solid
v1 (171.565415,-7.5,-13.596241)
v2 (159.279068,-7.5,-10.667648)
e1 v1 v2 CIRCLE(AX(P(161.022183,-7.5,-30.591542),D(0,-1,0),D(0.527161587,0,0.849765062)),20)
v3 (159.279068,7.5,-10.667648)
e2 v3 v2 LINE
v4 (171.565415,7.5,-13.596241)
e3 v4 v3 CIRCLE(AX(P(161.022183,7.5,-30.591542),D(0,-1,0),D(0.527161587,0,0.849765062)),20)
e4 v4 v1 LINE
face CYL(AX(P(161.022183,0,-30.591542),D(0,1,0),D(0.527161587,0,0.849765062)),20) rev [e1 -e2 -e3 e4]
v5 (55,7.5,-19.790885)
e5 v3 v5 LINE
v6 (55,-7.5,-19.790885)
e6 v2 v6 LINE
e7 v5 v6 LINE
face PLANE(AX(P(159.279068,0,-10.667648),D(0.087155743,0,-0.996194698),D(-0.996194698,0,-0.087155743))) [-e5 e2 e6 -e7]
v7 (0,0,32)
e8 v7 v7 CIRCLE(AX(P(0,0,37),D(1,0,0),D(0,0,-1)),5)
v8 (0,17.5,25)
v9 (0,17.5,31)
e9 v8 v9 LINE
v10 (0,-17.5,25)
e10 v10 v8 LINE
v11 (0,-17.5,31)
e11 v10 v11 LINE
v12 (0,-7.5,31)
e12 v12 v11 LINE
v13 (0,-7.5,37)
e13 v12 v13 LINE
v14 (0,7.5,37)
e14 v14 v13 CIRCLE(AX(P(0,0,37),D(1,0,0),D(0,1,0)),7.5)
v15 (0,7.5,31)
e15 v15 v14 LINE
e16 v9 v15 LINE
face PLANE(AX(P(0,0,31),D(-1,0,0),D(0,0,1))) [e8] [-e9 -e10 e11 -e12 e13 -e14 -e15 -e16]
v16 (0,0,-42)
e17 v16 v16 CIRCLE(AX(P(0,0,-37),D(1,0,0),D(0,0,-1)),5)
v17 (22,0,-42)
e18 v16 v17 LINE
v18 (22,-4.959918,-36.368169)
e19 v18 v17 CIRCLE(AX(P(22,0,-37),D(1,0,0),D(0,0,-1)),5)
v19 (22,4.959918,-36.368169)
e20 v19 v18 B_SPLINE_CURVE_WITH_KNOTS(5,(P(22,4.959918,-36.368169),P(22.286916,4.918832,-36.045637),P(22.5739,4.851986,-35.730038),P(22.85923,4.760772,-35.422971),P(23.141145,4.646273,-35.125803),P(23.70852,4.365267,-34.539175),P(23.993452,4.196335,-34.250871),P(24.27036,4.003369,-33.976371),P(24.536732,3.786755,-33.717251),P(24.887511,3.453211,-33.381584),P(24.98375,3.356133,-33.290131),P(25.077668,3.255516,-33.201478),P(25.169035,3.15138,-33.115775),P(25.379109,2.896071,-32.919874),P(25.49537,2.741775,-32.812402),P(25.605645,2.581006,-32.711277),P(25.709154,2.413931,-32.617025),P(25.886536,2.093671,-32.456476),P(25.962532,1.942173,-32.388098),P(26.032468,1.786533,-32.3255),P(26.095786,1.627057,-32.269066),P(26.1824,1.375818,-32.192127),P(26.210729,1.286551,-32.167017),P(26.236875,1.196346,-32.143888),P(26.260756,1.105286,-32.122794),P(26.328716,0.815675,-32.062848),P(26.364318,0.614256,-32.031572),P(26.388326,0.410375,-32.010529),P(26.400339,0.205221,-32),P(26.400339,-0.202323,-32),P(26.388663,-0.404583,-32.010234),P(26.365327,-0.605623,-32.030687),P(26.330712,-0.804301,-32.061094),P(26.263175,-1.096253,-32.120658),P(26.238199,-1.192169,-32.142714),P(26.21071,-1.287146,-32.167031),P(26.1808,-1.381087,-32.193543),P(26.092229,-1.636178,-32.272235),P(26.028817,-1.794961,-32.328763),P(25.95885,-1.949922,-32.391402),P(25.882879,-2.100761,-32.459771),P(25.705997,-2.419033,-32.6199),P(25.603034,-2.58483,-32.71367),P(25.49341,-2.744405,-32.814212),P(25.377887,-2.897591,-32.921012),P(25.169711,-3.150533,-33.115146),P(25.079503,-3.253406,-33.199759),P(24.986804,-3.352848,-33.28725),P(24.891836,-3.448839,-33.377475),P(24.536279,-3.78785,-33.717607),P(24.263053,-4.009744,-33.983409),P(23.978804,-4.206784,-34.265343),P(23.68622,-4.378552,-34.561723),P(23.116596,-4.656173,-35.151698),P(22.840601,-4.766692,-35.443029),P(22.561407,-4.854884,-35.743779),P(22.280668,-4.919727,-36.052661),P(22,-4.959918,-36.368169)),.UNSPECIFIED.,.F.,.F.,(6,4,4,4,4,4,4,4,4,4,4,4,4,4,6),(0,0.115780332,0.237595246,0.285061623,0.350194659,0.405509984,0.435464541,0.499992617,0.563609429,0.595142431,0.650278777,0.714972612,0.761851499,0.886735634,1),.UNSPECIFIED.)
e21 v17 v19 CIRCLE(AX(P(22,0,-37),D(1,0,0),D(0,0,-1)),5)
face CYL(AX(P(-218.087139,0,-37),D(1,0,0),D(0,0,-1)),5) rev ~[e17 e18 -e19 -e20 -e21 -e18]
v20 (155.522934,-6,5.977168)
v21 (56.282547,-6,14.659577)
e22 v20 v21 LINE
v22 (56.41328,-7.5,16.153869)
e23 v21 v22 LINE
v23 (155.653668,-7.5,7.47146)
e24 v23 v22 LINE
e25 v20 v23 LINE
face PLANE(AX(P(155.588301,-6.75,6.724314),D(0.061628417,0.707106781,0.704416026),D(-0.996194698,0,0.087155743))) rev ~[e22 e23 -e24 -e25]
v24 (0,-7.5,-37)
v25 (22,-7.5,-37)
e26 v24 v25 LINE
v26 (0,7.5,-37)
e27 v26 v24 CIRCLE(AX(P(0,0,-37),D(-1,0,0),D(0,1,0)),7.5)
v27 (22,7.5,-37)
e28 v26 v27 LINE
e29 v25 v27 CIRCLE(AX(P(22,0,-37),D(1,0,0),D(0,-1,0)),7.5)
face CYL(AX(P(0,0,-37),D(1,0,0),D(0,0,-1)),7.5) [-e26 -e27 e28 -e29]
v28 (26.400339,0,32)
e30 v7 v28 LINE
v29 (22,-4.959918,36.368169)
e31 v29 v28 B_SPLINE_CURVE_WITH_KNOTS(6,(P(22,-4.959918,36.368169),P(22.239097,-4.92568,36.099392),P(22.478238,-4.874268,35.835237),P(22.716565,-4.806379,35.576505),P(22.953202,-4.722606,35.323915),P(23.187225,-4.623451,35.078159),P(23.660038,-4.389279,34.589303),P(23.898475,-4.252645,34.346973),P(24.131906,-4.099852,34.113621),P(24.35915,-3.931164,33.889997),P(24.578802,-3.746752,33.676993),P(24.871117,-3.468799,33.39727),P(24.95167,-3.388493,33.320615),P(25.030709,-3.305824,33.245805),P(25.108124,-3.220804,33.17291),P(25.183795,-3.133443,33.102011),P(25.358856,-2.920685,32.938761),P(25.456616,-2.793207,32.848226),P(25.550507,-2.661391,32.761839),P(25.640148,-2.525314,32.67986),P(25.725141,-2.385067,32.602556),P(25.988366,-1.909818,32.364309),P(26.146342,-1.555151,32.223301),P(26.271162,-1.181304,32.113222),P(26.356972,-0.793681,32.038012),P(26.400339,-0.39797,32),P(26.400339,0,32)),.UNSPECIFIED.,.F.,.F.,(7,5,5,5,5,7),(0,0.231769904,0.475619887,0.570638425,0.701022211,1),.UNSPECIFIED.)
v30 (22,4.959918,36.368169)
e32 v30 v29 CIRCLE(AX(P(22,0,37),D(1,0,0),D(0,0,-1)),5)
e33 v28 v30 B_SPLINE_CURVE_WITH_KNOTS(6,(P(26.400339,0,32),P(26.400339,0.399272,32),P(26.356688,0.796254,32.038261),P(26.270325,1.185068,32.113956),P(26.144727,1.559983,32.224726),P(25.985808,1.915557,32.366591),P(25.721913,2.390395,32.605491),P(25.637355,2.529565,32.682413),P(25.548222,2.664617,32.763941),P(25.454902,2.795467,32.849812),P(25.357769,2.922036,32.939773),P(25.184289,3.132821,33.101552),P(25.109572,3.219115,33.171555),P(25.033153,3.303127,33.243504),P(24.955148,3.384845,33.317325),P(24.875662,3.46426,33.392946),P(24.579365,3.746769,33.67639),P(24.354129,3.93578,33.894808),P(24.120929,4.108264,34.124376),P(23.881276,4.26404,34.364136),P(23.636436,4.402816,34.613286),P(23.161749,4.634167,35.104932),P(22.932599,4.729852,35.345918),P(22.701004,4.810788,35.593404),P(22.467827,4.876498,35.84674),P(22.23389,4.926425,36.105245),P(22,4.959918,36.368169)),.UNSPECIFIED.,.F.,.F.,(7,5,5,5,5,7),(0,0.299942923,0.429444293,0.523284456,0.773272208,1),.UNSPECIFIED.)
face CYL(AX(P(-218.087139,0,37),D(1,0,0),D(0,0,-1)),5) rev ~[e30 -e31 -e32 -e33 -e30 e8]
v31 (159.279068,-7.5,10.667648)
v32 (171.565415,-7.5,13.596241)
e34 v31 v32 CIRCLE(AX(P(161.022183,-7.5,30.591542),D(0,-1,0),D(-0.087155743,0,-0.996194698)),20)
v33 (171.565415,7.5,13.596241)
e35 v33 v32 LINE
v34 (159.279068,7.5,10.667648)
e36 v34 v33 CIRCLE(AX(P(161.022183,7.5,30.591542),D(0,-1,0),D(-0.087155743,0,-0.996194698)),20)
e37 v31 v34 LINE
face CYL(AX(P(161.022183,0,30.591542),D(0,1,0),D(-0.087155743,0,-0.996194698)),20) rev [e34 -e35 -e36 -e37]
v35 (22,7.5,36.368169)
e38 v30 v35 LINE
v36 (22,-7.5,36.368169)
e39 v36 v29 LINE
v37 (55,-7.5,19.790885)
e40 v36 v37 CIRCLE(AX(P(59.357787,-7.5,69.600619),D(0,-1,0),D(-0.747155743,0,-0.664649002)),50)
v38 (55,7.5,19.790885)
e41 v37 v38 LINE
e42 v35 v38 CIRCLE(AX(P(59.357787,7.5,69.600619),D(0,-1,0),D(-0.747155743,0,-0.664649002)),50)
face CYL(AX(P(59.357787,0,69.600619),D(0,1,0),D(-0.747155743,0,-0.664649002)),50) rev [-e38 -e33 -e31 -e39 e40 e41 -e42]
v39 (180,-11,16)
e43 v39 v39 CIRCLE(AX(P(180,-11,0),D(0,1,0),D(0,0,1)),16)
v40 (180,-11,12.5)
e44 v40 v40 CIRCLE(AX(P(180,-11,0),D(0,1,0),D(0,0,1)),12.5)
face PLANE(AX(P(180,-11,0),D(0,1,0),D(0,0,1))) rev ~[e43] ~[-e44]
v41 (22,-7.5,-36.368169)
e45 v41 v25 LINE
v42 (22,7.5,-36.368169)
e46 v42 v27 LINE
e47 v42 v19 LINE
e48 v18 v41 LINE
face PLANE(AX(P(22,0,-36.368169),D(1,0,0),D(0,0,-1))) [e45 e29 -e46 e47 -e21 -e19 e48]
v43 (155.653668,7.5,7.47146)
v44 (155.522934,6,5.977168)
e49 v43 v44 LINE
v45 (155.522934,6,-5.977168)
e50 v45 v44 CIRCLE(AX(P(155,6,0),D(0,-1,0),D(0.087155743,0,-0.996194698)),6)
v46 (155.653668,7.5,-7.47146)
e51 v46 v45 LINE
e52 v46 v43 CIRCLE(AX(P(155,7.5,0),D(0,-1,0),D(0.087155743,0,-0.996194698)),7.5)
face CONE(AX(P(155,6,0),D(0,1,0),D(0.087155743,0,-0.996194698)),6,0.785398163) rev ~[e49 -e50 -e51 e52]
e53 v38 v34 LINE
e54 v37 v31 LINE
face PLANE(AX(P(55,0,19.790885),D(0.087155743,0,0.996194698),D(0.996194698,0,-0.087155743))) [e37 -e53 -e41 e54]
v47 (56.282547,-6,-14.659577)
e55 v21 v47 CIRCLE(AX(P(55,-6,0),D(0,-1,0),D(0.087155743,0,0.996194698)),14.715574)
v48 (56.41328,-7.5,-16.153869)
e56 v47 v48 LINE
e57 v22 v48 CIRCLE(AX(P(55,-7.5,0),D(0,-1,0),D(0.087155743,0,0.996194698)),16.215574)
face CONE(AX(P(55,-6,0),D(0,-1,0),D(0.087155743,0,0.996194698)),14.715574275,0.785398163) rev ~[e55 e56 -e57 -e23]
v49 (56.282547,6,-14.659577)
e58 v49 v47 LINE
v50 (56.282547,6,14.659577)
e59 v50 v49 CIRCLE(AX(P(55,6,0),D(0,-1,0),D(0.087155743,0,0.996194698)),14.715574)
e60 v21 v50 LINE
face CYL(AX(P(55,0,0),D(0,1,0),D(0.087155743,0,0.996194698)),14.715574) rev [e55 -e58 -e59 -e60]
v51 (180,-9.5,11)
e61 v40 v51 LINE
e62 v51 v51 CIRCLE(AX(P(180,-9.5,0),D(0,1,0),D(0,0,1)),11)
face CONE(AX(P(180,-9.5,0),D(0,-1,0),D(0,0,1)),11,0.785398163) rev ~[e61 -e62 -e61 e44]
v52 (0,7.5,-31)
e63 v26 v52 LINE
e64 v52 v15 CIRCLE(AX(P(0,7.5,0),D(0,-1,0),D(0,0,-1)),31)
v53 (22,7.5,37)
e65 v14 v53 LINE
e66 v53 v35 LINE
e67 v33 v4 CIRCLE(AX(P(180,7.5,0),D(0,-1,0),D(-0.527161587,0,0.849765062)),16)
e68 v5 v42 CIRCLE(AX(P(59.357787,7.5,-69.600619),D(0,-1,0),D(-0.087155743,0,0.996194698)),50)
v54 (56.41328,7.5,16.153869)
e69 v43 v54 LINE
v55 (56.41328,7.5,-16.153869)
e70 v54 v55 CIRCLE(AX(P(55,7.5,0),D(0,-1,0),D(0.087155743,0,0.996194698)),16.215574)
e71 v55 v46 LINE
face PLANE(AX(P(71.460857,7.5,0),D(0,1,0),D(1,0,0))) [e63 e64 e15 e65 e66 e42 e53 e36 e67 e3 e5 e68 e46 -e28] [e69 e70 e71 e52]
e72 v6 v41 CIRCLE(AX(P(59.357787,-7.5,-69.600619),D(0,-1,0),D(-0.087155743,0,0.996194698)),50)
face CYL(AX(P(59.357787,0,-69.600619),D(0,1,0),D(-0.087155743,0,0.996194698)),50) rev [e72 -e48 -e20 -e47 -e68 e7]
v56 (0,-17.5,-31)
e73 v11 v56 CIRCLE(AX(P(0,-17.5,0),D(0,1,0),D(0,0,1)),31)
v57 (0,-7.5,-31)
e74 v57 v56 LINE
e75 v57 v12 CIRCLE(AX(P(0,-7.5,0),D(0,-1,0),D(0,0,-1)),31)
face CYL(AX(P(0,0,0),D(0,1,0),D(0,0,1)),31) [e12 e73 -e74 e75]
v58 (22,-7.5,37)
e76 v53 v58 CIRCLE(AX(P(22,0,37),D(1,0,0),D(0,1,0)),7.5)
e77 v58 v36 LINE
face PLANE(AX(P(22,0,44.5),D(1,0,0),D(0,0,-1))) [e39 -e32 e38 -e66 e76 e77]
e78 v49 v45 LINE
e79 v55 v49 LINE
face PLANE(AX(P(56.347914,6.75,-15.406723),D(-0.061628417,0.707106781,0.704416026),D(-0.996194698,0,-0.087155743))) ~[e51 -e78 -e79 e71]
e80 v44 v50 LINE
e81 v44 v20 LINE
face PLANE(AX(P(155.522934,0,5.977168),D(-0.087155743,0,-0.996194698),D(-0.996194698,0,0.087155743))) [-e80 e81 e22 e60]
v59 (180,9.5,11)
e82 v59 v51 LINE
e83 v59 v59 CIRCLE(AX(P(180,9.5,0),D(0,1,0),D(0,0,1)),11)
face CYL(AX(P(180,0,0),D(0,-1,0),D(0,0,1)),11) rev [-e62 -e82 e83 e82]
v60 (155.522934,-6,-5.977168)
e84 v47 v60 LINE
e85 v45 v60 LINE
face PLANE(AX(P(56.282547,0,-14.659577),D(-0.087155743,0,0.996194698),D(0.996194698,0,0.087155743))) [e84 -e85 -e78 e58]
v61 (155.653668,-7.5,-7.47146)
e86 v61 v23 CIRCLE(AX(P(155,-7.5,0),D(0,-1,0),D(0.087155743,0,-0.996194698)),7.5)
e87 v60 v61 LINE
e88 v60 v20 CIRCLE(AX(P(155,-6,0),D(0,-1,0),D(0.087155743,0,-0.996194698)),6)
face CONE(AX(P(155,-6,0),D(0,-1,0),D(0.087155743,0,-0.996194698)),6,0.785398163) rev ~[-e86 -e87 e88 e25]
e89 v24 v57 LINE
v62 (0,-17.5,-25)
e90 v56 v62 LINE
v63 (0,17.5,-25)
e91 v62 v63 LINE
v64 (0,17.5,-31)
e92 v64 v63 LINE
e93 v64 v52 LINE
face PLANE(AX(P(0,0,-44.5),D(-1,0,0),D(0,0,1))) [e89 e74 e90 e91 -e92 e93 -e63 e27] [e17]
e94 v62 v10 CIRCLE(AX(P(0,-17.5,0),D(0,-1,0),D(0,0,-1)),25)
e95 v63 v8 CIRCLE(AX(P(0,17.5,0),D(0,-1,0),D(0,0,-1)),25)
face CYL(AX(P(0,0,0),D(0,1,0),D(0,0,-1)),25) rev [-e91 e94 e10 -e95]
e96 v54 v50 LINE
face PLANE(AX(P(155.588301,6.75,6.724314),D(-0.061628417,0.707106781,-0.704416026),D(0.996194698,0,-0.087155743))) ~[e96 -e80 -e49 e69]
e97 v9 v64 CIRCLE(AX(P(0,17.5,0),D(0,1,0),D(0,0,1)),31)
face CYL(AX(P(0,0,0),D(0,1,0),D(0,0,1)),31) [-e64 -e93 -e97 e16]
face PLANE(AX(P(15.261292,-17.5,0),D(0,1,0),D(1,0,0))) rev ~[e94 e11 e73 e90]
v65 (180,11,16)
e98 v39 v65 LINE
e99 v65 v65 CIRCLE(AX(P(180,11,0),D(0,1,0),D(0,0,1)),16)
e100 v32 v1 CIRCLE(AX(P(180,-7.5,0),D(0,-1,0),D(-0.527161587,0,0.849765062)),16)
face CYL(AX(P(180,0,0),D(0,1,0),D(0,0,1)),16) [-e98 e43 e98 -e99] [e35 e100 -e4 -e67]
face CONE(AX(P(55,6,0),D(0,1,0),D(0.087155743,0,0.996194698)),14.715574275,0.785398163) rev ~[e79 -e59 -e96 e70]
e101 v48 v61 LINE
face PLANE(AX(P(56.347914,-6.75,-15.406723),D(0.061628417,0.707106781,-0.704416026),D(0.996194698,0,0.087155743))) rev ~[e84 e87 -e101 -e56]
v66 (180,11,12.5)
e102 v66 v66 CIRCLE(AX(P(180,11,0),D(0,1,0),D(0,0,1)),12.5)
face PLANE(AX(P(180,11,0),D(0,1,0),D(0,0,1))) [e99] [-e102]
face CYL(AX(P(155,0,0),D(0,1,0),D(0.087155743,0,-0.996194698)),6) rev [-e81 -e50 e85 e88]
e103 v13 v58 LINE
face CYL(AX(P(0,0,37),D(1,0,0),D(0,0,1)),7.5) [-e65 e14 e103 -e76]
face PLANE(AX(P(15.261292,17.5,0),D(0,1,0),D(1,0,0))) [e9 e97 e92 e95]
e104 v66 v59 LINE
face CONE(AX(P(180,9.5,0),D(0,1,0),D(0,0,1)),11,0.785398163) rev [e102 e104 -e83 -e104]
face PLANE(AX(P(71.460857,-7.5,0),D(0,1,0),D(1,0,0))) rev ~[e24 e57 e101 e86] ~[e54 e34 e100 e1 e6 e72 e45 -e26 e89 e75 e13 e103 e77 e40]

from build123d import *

# Parameters (mm, degrees)
BOSS_EXTRUDE1_DEPTH    = 17.5
SKETCH1_3_R            = 16
SKETCH1_3_R_2          = 11
BOSS_EXTRUDE2_DEPTH    = 11
BOSS_EXTRUDE3_DEPTH    = 7.5
F_10_0MM_DOWEL_HOLE1_D = 10
FILLET1_RADIUS         = 7.5
FILLET1_LENGTH         = 22
FILLET2_RADIUS         = 7.5
FILLET2_LENGTH         = 22
CHAMFER1_SIZE          = 1.5
CHAMFER2_SIZE          = 1.5


with BuildPart() as part:
    # Sketch1 → Boss-Extrude1 (new, symmetric)
    with BuildSketch(Plane(origin=(0, 0, 0), x_dir=(1, 0, 0), z_dir=(0, 1, 0))):
        with BuildLine():
            Line((0, 31), (0, 25))
            ThreePointArc((0, 25), (25, 0), (0, -25))
            Line((0, -25), (0, -31))
            ThreePointArc((0, -31), (31, 0), (0, 31))
        make_face()
    extrude(amount=BOSS_EXTRUDE1_DEPTH, both=True)



with BuildPart() as body_2:
    # Sketch1<3> → Boss-Extrude2 (new, symmetric)
    with BuildSketch(Plane(origin=(0, 0, 0), x_dir=(1, 0, 0), z_dir=(0, 1, 0))):
        with Locations(Location((180, 0, 0), (0, 0, 270))):
            Circle(SKETCH1_3_R)
        with Locations(Location((180, 0, 0), (0, 0, 270))):
            Circle(SKETCH1_3_R_2, mode=Mode.SUBTRACT)
    extrude(amount=BOSS_EXTRUDE2_DEPTH, both=True)


with BuildPart() as part_1:
    add(part.part)

    add(body_2.part)  # Boss-Extrude3 merges body 2
    # Sketch1<4> → Boss-Extrude3 (add, symmetric)
    with BuildSketch(Plane(origin=(0, 0, 0), x_dir=(1, 0, 0), z_dir=(0, 1, 0))):
        with BuildLine():
            Line((0, 44.5), (0, 31))
            ThreePointArc((0, 31), (31, 0), (0, -31))
            Line((0, -31), (0, -44.5))
            Line((0, -44.5), (22, -44.5))
            Line((22, -44.5), (22, -36.368169362))
            ThreePointArc((22, -36.368169362), (36.913436466, -24.9211933), (55, -19.790884566))
            Line((55, -19.790884566), (159.279067997, -10.667648273))
            ThreePointArc((159.279067997, -10.667648273), (165.659496532, -11.136586007), (171.565414601, -13.596240993))
            ThreePointArc((171.565414601, -13.596240993), (164, 0), (171.565414601, 13.596240993))
            ThreePointArc((171.565414601, 13.596240993), (165.659496532, 11.136586007), (159.279067997, 10.667648273))
            Line((159.279067997, 10.667648273), (55, 19.790884566))
            ThreePointArc((55, 19.790884566), (36.913436466, 24.9211933), (22, 36.368169362))
            Line((22, 36.368169362), (22, 44.5))
            Line((22, 44.5), (0, 44.5))
        make_face()
        with BuildLine():
            ThreePointArc((56.282546806, -14.659577072), (40.284425725, 0), (56.282546806, 14.659577072))
            Line((56.282546806, 14.659577072), (155.522934456, 5.977168189))
            ThreePointArc((155.522934456, 5.977168189), (161, 0), (155.522934456, -5.977168189))
            Line((155.522934456, -5.977168189), (56.282546806, -14.659577072))
        make_face(mode=Mode.SUBTRACT)
    extrude(amount=BOSS_EXTRUDE3_DEPTH, both=True)

    # Ø10.0mm Dowel Hole1 (through all)
    with Locations(Plane.ZY):
        with Locations((-37, 0), (37, 0)):
            Hole(F_10_0MM_DOWEL_HOLE1_D / 2)

    # Fillet1: full round fillet: the end face becomes a half cylinder, R = half its width
    fillet1_face = Plane((11, 0, 44.5), x_dir=(1, 0, 0), z_dir=(0, 0, 1))  # on the end face: x along it, z out of the body
    fillet1_slab = fillet1_face.offset(-FILLET1_RADIUS / 2) * Box(FILLET1_LENGTH, 2 * FILLET1_RADIUS, FILLET1_RADIUS, mode=Mode.PRIVATE)  # the body's end, R deep
    fillet1_round = Plane((11, 0, 37), x_dir=(0, 0, 1), z_dir=(1, 0, 0)) * Cylinder(FILLET1_RADIUS, FILLET1_LENGTH, mode=Mode.PRIVATE)  # its axis R under the face
    add(fillet1_slab - fillet1_round, mode=Mode.SUBTRACT)

    # Fillet2: full round fillet: the end face becomes a half cylinder, R = half its width
    fillet2_face = Plane((11, 0, -44.5), x_dir=(1, 0, 0), z_dir=(0, 0, -1))  # on the end face: x along it, z out of the body
    fillet2_slab = fillet2_face.offset(-FILLET2_RADIUS / 2) * Box(FILLET2_LENGTH, 2 * FILLET2_RADIUS, FILLET2_RADIUS, mode=Mode.PRIVATE)  # the body's end, R deep
    fillet2_round = Plane((11, 0, -37), x_dir=(0, 0, -1), z_dir=(1, 0, 0)) * Cylinder(FILLET2_RADIUS, FILLET2_LENGTH, mode=Mode.PRIVATE)  # its axis R under the face
    add(fillet2_slab - fillet2_round, mode=Mode.SUBTRACT)

    # Chamfer1
    chamfer1_edges = [part_1.edges().sort_by_distance(p)[0] for p in [
        (105.902740631, -7.5, 10.31837263),
        (40.284425725, -7.5, 0),
        (105.902740631, -7.5, -10.31837263),
        (161, -7.5, 0),
        (105.902740631, 7.5, 10.31837263),
        (40.284425725, 7.5, 0),
        (105.902740631, 7.5, -10.31837263),
        (161, 7.5, 0),
    ]]
    chamfer(chamfer1_edges, length=CHAMFER1_SIZE)

    # Chamfer2
    chamfer2_edges = [part_1.edges().sort_by_distance(p)[0] for p in [
        (180, 11, -11),
        (180, -11, -11),
    ]]
    chamfer(chamfer2_edges, length=CHAMFER2_SIZE)


solid = part_1.part
